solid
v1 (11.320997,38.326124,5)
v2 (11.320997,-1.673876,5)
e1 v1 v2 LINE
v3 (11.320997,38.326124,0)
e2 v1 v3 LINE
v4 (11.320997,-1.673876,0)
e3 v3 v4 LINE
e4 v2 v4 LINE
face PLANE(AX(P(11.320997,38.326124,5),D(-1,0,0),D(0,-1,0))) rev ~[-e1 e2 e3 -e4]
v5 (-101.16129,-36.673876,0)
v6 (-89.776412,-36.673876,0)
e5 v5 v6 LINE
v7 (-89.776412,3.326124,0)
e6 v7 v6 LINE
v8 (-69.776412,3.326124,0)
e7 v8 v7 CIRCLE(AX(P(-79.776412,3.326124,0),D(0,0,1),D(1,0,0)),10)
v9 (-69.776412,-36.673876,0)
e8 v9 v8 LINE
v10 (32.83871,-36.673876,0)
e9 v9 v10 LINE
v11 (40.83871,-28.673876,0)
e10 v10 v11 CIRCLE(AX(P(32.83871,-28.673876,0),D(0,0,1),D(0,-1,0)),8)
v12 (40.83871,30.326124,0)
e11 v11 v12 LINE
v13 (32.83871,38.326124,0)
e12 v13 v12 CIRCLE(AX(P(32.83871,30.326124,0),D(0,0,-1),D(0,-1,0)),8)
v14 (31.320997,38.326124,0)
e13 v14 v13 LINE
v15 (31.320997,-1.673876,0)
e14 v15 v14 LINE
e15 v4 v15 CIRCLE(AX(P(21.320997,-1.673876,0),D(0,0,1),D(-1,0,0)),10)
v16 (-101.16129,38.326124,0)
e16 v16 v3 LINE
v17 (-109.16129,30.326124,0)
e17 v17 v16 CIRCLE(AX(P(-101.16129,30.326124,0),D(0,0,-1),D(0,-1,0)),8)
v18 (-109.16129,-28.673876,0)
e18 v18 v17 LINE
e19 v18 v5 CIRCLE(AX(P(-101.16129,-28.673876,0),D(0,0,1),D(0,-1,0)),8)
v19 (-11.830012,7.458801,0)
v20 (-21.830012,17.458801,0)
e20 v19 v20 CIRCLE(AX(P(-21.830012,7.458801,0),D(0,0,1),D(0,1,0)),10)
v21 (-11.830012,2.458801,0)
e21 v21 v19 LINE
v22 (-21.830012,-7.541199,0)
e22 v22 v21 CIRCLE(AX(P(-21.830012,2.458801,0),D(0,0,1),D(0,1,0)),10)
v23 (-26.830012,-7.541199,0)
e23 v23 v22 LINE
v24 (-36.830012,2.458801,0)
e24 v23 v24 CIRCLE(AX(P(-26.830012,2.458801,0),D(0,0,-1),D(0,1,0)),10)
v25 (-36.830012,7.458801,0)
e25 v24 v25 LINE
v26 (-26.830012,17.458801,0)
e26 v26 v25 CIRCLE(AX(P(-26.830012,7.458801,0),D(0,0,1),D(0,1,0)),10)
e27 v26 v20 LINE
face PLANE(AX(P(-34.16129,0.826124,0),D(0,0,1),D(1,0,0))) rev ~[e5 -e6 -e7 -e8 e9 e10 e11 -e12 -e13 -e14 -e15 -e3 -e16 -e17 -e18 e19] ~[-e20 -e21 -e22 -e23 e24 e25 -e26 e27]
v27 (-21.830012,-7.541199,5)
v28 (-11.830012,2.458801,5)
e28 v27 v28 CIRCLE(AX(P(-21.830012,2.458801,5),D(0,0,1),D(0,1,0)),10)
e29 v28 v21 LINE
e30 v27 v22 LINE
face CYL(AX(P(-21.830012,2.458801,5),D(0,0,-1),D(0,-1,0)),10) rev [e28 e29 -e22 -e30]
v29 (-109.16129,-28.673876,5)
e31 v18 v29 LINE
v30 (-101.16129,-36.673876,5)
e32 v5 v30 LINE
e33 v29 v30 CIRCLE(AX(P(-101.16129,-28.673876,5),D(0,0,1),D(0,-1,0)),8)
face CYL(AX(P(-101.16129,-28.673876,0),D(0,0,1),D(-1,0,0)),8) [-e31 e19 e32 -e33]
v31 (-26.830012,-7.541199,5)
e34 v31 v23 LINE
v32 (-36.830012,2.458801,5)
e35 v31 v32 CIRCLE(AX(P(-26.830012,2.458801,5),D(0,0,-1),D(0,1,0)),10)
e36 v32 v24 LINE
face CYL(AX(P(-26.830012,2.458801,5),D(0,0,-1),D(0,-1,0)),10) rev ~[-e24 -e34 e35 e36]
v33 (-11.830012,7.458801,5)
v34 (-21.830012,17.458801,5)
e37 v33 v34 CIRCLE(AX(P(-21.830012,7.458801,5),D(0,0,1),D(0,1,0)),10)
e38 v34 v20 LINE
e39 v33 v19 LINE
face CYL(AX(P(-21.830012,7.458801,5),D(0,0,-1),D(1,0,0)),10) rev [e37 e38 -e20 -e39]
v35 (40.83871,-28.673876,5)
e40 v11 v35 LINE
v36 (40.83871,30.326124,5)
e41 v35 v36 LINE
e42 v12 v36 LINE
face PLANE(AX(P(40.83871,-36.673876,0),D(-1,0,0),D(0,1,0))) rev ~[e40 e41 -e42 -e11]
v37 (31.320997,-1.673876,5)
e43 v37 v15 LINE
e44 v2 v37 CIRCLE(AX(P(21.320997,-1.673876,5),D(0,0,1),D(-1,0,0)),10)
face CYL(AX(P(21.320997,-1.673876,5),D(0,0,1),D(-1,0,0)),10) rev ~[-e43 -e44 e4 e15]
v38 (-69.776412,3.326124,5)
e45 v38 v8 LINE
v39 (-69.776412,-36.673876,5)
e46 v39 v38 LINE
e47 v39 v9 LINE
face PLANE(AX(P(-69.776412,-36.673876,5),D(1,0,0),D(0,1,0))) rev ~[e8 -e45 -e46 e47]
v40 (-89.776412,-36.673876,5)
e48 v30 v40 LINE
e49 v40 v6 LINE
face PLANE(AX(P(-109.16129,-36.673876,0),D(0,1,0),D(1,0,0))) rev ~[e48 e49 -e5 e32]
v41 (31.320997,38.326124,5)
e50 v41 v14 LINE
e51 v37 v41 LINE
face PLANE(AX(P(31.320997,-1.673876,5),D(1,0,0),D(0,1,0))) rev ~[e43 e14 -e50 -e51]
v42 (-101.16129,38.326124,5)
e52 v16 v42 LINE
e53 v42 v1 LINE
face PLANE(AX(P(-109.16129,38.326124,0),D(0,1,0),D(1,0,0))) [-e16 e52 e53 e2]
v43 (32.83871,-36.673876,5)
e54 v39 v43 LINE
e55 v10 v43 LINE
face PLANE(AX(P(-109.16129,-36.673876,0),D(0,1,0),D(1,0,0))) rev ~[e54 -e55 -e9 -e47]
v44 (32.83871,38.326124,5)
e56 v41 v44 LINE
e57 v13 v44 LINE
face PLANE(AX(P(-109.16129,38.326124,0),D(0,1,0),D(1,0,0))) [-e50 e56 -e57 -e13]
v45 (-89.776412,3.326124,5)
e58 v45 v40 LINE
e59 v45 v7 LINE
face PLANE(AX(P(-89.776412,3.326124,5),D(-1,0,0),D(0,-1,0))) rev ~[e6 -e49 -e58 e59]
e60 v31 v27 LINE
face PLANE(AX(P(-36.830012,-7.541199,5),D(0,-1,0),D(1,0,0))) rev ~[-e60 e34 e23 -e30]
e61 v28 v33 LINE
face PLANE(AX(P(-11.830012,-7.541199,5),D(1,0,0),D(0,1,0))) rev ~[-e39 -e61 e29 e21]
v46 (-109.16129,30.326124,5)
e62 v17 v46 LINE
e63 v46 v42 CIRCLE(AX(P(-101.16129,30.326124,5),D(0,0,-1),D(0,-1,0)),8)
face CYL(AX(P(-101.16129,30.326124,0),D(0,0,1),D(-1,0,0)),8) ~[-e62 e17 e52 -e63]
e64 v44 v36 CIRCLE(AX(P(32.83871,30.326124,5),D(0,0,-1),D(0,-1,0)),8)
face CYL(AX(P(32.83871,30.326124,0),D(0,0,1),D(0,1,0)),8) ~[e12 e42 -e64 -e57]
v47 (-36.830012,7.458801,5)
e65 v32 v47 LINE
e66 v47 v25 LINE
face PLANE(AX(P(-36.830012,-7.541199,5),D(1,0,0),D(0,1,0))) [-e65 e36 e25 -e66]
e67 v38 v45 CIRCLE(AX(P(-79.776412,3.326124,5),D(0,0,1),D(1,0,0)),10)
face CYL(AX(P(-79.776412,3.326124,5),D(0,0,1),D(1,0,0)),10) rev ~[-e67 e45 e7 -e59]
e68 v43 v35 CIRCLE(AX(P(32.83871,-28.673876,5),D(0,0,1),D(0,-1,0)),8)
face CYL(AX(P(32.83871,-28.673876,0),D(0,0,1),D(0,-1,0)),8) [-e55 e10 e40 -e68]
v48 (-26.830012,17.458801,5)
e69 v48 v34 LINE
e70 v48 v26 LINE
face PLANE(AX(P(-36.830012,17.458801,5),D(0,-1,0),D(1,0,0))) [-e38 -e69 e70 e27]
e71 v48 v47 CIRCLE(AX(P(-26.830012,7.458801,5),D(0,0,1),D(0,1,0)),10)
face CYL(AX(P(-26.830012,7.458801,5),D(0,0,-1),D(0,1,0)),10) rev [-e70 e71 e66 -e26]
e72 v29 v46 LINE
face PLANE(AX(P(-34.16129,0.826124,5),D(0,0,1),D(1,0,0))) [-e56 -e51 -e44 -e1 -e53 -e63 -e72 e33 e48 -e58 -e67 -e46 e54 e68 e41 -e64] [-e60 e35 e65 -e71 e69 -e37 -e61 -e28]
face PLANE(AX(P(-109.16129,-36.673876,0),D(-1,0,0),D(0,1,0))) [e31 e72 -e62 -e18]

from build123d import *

# Parameters (mm, degrees)
F0_W     = 150
F0_H     = 75
F1_DEPTH = 5
F3_DEPTH = 5.001
F5_DEPTH = 5.001
F6_W     = 25
F6_H     = 25
F7_DEPTH = 5.001
F8_R     = 10
F9_R     = 8


with BuildPart() as f1:
    # F0 (on Top) → F1 (new body)
    with BuildSketch(Plane.XY):
        with Locations((-34.16129, 0.826124)):
            Rectangle(F0_W, F0_H)
    extrude(amount=F1_DEPTH)

    # F2 (on face) → F3 (cut, through all)
    with BuildSketch(Plane.XY.offset(5)):
        with BuildLine():
            Line((-89.776412, 3.326124), (-89.776412, -36.673876))
            Line((-89.776412, -36.673876), (-69.776412, -36.673876))
            Line((-69.776412, -36.673876), (-69.776412, 3.326124))
            ThreePointArc((-69.776412, 3.326124), (-79.776412, 13.326124), (-89.776412, 3.326124))
        make_face()
    extrude(amount=-F3_DEPTH, mode=Mode.SUBTRACT)

    # F4 (on face) → F5 (cut, through all)
    with BuildSketch(Plane.XY.offset(5)):
        with BuildLine():
            Line((31.320997, -1.673876), (31.320997, 38.326124))
            Line((31.320997, 38.326124), (11.320997, 38.326124))
            Line((11.320997, 38.326124), (11.320997, -1.673876))
            ThreePointArc((11.320997, -1.673876), (21.320997, -11.673876), (31.320997, -1.673876))
        make_face()
    extrude(amount=-F5_DEPTH, mode=Mode.SUBTRACT)

    # F6 (on face) → F7 (cut, through all)
    with BuildSketch(Plane.XY.offset(5)):
        with Locations((-24.330012, 4.958801)):
            Rectangle(F6_W, F6_H)
    extrude(amount=-F7_DEPTH, mode=Mode.SUBTRACT)

    # F8
    f8_edges = [f1.edges().sort_by_distance(p)[0] for p in [
        (-36.830012, -7.541199, 2.5),
        (-11.830012, -7.541199, 2.5),
        (-11.830012, 17.458801, 2.5),
        (-36.830012, 17.458801, 2.5),
    ]]
    fillet(f8_edges, radius=F8_R)

    # F9
    f9_edges = [f1.edges().sort_by_distance(p)[0] for p in [
        (40.83871, 38.326124, 2.5),
        (-109.16129, -36.673876, 2.5),
        (40.83871, -36.673876, 2.5),
        (-109.16129, 38.326124, 2.5),
    ]]
    fillet(f9_edges, radius=F9_R)


solid = f1.part
